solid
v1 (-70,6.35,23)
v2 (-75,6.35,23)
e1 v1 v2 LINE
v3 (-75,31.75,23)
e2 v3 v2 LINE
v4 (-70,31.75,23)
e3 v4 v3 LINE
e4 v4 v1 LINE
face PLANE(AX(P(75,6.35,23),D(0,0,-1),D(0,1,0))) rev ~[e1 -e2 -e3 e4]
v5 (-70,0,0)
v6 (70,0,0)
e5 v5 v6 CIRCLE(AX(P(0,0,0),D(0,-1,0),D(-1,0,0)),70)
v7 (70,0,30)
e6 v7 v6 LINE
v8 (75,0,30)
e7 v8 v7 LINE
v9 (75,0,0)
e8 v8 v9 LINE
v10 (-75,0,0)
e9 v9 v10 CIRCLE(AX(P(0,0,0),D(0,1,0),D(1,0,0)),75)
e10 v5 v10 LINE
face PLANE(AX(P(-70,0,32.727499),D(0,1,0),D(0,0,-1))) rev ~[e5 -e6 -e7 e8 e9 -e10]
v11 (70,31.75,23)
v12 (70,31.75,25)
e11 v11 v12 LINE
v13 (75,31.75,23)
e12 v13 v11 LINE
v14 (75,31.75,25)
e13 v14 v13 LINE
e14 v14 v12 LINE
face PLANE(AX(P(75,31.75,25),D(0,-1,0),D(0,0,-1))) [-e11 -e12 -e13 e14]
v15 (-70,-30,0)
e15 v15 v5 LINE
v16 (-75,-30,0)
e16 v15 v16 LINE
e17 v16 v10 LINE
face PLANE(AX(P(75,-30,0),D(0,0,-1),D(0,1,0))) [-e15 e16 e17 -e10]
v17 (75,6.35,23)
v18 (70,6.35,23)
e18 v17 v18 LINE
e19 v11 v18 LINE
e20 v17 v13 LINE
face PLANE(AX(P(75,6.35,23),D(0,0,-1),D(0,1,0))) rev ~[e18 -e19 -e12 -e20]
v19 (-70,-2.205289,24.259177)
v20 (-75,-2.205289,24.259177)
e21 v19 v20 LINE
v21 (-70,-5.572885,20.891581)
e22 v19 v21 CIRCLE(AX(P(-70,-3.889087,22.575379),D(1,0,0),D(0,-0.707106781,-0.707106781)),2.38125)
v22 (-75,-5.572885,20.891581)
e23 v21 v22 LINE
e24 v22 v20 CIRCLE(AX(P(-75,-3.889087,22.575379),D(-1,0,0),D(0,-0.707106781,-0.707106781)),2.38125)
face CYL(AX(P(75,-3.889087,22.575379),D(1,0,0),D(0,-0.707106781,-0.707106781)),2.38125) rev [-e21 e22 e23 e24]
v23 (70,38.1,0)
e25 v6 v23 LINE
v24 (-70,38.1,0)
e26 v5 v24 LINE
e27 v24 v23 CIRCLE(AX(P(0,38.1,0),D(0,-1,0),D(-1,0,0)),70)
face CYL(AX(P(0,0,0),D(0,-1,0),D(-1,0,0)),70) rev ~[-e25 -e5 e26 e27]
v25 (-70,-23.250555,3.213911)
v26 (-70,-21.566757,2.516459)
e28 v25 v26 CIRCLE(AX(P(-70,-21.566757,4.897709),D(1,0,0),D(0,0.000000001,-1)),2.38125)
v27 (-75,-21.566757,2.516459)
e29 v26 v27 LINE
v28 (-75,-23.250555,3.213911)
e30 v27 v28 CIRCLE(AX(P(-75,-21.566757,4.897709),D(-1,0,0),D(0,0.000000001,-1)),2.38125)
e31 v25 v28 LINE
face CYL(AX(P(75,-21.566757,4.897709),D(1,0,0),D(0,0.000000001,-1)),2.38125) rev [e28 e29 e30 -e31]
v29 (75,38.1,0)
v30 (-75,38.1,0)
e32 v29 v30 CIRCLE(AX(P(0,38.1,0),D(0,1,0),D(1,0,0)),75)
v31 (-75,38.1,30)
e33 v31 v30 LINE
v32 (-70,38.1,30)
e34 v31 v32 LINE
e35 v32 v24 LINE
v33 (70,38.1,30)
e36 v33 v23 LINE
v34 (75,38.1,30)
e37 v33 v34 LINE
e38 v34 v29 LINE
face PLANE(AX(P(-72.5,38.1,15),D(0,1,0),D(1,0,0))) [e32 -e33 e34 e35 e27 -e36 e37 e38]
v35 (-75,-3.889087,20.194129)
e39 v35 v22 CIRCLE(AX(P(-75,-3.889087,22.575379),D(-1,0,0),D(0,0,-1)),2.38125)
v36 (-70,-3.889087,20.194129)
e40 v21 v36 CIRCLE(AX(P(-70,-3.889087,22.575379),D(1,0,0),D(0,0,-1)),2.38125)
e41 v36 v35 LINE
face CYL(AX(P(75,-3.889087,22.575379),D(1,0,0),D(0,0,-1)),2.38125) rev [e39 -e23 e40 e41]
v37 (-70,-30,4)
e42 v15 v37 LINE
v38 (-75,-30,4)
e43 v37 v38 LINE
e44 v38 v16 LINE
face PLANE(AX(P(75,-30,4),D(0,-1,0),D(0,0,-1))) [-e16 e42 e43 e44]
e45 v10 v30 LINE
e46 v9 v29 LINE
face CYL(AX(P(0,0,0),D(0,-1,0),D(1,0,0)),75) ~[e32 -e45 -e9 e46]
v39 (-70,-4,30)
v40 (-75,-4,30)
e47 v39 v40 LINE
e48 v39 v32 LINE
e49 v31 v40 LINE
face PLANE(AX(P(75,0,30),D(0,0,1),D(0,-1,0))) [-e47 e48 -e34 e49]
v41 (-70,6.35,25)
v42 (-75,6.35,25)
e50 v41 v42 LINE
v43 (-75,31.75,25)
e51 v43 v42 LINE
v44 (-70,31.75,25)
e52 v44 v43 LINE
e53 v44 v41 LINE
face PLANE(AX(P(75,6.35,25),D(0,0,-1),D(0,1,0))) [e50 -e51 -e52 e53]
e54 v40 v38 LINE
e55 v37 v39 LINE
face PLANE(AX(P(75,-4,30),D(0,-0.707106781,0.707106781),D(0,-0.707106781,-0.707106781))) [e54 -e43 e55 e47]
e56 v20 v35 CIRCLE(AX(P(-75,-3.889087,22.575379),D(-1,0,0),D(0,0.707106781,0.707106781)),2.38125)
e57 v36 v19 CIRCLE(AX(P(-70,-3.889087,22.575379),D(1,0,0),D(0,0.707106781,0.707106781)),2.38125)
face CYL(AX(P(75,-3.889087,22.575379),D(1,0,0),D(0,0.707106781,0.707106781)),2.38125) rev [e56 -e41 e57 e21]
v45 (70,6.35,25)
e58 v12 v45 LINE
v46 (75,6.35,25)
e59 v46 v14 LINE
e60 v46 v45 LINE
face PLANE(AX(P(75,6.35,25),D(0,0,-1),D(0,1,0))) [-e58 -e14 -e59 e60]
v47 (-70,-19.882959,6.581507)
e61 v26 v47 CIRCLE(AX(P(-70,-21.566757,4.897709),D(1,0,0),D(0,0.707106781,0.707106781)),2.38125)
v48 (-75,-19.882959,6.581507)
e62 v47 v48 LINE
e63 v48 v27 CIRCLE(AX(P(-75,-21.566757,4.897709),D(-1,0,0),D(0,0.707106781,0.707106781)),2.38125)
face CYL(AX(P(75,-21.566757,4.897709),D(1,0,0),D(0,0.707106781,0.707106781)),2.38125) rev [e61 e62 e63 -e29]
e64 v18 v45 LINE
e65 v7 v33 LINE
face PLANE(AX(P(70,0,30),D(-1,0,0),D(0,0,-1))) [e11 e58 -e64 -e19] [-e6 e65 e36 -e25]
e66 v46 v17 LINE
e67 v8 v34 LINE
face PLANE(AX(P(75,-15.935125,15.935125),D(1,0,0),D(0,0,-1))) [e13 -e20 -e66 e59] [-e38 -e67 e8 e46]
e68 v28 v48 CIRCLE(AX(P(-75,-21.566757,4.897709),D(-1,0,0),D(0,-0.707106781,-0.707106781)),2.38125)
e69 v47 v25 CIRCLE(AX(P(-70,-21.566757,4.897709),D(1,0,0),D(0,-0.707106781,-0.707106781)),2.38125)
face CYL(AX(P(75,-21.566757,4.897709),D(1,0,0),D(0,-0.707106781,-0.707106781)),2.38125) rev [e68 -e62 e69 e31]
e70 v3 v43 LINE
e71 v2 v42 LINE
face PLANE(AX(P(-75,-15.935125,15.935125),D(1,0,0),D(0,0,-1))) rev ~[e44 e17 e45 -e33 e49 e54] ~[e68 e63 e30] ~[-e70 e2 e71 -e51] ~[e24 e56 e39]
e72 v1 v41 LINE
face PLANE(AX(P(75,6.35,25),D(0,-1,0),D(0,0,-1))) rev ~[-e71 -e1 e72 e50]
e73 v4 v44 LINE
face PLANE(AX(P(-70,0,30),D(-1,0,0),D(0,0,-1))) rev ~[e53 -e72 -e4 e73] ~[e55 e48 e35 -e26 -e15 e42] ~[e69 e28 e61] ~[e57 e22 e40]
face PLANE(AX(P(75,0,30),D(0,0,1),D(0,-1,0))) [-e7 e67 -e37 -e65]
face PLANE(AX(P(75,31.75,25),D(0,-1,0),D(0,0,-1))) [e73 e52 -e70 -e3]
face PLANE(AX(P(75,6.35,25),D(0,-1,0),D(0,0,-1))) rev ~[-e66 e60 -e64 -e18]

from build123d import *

# Parameters (mm, degrees)
SKETCH1_W           = 5
SKETCH1_H           = 30
BOSS_EXTRUDE1_DEPTH = 38.1
SKETCH2_W           = 2
SKETCH2_H           = 25.4
CUT_EXTRUDE1_DEPTH  = 151
BOSS_EXTRUDE3_DEPTH = 150
CUT_EXTRUDE2_START  = -145
SKETCH4_W           = 32.727499149
SKETCH4_H           = 37.13145561
CUT_EXTRUDE2_DEPTH  = 145


with BuildPart() as part:
    # Sketch1 → Boss-Extrude1 (new body)
    with BuildSketch(Plane(origin=(0, 0, 0), x_dir=(1, 0, 0), z_dir=(0, 1, 0))):
        with Locations((-72.5, -15)):
            Rectangle(SKETCH1_W, SKETCH1_H)
        with BuildLine():
            ThreePointArc((75, 0), (0, 75), (-75, 0))
            Line((-75, 0), (-70, 0))
            ThreePointArc((-70, 0), (0, 70), (70, 0))
            Line((70, 0), (75, 0))
        make_face()
        with Locations((72.5, -15)):
            Rectangle(SKETCH1_W, SKETCH1_H)
    extrude(amount=BOSS_EXTRUDE1_DEPTH)

    # Sketch2 → Cut-Extrude1 (cut, through all)
    with BuildSketch(Plane(origin=(75, 0, 0), x_dir=(0, 0, -1), z_dir=(1, 0, 0))):
        with Locations((-24, 19.05)):
            Rectangle(SKETCH2_W, SKETCH2_H)
    extrude(amount=-CUT_EXTRUDE1_DEPTH, mode=Mode.SUBTRACT)

    # Sketch3 → Boss-Extrude3 (add)
    with BuildSketch(Plane(origin=(75, 0, 0), x_dir=(0, 0, -1), z_dir=(1, 0, 0))):
        Polygon((0, -30), (-30, 0), (-30, -4), (-4, -30), align=None)
        with BuildLine():
            Line((-26.464466094, 0), (-30, 0))
            Line((-30, 0), (0, -30))
            Line((0, -30), (0, -26.464466094))
            Line((0, -26.464466094), (-3.213911245, -23.250554849))
            ThreePointArc((-3.213911245, -23.250554849), (-6.581507291, -23.250554849), (-6.581507291, -19.882958803))
            Line((-6.581507291, -19.882958803), (-20.891580775, -5.572885319))
            ThreePointArc((-20.891580775, -5.572885319), (-24.25917682, -5.572885319), (-24.25917682, -2.205289274))
            Line((-24.25917682, -2.205289274), (-26.464466094, 0))
        make_face()
        with BuildLine():
            Line((-22.928932188, 0), (-26.464466094, 0))
            Line((-26.464466094, 0), (-24.25917682, -2.205289274))
            ThreePointArc((-24.25917682, -2.205289274), (-21.664113874, -1.68909916), (-20.194128798, -3.889087297))
            ThreePointArc((-20.194128798, -3.889087297), (-20.375390661, -4.80035222), (-20.891580775, -5.572885319))
            Line((-20.891580775, -5.572885319), (-6.581507291, -19.882958803))
            ThreePointArc((-6.581507291, -19.882958803), (-3.986444345, -19.366768689), (-2.516459268, -21.566756826))
            ThreePointArc((-2.516459268, -21.566756826), (-2.697721131, -22.47802175), (-3.213911245, -23.250554849))
            Line((-3.213911245, -23.250554849), (0, -26.464466094))
            Line((0, -26.464466094), (0, -22.928932188))
            Line((0, -22.928932188), (-22.928932188, 0))
        make_face()
        Polygon((0, 0), (-22.928932188, 0), (0, -22.928932188), align=None)
    extrude(amount=-BOSS_EXTRUDE3_DEPTH)

    # Sketch4 → Cut-Extrude2 (cut)
    with BuildSketch(Plane(origin=(75, 0, 0), x_dir=(0, 0, -1), z_dir=(1, 0, 0)).offset(CUT_EXTRUDE2_START)):
        with Locations((-16.363749575, -18.565727805)):
            Rectangle(SKETCH4_W, SKETCH4_H)
    extrude(amount=CUT_EXTRUDE2_DEPTH, mode=Mode.SUBTRACT)


solid = part.part
